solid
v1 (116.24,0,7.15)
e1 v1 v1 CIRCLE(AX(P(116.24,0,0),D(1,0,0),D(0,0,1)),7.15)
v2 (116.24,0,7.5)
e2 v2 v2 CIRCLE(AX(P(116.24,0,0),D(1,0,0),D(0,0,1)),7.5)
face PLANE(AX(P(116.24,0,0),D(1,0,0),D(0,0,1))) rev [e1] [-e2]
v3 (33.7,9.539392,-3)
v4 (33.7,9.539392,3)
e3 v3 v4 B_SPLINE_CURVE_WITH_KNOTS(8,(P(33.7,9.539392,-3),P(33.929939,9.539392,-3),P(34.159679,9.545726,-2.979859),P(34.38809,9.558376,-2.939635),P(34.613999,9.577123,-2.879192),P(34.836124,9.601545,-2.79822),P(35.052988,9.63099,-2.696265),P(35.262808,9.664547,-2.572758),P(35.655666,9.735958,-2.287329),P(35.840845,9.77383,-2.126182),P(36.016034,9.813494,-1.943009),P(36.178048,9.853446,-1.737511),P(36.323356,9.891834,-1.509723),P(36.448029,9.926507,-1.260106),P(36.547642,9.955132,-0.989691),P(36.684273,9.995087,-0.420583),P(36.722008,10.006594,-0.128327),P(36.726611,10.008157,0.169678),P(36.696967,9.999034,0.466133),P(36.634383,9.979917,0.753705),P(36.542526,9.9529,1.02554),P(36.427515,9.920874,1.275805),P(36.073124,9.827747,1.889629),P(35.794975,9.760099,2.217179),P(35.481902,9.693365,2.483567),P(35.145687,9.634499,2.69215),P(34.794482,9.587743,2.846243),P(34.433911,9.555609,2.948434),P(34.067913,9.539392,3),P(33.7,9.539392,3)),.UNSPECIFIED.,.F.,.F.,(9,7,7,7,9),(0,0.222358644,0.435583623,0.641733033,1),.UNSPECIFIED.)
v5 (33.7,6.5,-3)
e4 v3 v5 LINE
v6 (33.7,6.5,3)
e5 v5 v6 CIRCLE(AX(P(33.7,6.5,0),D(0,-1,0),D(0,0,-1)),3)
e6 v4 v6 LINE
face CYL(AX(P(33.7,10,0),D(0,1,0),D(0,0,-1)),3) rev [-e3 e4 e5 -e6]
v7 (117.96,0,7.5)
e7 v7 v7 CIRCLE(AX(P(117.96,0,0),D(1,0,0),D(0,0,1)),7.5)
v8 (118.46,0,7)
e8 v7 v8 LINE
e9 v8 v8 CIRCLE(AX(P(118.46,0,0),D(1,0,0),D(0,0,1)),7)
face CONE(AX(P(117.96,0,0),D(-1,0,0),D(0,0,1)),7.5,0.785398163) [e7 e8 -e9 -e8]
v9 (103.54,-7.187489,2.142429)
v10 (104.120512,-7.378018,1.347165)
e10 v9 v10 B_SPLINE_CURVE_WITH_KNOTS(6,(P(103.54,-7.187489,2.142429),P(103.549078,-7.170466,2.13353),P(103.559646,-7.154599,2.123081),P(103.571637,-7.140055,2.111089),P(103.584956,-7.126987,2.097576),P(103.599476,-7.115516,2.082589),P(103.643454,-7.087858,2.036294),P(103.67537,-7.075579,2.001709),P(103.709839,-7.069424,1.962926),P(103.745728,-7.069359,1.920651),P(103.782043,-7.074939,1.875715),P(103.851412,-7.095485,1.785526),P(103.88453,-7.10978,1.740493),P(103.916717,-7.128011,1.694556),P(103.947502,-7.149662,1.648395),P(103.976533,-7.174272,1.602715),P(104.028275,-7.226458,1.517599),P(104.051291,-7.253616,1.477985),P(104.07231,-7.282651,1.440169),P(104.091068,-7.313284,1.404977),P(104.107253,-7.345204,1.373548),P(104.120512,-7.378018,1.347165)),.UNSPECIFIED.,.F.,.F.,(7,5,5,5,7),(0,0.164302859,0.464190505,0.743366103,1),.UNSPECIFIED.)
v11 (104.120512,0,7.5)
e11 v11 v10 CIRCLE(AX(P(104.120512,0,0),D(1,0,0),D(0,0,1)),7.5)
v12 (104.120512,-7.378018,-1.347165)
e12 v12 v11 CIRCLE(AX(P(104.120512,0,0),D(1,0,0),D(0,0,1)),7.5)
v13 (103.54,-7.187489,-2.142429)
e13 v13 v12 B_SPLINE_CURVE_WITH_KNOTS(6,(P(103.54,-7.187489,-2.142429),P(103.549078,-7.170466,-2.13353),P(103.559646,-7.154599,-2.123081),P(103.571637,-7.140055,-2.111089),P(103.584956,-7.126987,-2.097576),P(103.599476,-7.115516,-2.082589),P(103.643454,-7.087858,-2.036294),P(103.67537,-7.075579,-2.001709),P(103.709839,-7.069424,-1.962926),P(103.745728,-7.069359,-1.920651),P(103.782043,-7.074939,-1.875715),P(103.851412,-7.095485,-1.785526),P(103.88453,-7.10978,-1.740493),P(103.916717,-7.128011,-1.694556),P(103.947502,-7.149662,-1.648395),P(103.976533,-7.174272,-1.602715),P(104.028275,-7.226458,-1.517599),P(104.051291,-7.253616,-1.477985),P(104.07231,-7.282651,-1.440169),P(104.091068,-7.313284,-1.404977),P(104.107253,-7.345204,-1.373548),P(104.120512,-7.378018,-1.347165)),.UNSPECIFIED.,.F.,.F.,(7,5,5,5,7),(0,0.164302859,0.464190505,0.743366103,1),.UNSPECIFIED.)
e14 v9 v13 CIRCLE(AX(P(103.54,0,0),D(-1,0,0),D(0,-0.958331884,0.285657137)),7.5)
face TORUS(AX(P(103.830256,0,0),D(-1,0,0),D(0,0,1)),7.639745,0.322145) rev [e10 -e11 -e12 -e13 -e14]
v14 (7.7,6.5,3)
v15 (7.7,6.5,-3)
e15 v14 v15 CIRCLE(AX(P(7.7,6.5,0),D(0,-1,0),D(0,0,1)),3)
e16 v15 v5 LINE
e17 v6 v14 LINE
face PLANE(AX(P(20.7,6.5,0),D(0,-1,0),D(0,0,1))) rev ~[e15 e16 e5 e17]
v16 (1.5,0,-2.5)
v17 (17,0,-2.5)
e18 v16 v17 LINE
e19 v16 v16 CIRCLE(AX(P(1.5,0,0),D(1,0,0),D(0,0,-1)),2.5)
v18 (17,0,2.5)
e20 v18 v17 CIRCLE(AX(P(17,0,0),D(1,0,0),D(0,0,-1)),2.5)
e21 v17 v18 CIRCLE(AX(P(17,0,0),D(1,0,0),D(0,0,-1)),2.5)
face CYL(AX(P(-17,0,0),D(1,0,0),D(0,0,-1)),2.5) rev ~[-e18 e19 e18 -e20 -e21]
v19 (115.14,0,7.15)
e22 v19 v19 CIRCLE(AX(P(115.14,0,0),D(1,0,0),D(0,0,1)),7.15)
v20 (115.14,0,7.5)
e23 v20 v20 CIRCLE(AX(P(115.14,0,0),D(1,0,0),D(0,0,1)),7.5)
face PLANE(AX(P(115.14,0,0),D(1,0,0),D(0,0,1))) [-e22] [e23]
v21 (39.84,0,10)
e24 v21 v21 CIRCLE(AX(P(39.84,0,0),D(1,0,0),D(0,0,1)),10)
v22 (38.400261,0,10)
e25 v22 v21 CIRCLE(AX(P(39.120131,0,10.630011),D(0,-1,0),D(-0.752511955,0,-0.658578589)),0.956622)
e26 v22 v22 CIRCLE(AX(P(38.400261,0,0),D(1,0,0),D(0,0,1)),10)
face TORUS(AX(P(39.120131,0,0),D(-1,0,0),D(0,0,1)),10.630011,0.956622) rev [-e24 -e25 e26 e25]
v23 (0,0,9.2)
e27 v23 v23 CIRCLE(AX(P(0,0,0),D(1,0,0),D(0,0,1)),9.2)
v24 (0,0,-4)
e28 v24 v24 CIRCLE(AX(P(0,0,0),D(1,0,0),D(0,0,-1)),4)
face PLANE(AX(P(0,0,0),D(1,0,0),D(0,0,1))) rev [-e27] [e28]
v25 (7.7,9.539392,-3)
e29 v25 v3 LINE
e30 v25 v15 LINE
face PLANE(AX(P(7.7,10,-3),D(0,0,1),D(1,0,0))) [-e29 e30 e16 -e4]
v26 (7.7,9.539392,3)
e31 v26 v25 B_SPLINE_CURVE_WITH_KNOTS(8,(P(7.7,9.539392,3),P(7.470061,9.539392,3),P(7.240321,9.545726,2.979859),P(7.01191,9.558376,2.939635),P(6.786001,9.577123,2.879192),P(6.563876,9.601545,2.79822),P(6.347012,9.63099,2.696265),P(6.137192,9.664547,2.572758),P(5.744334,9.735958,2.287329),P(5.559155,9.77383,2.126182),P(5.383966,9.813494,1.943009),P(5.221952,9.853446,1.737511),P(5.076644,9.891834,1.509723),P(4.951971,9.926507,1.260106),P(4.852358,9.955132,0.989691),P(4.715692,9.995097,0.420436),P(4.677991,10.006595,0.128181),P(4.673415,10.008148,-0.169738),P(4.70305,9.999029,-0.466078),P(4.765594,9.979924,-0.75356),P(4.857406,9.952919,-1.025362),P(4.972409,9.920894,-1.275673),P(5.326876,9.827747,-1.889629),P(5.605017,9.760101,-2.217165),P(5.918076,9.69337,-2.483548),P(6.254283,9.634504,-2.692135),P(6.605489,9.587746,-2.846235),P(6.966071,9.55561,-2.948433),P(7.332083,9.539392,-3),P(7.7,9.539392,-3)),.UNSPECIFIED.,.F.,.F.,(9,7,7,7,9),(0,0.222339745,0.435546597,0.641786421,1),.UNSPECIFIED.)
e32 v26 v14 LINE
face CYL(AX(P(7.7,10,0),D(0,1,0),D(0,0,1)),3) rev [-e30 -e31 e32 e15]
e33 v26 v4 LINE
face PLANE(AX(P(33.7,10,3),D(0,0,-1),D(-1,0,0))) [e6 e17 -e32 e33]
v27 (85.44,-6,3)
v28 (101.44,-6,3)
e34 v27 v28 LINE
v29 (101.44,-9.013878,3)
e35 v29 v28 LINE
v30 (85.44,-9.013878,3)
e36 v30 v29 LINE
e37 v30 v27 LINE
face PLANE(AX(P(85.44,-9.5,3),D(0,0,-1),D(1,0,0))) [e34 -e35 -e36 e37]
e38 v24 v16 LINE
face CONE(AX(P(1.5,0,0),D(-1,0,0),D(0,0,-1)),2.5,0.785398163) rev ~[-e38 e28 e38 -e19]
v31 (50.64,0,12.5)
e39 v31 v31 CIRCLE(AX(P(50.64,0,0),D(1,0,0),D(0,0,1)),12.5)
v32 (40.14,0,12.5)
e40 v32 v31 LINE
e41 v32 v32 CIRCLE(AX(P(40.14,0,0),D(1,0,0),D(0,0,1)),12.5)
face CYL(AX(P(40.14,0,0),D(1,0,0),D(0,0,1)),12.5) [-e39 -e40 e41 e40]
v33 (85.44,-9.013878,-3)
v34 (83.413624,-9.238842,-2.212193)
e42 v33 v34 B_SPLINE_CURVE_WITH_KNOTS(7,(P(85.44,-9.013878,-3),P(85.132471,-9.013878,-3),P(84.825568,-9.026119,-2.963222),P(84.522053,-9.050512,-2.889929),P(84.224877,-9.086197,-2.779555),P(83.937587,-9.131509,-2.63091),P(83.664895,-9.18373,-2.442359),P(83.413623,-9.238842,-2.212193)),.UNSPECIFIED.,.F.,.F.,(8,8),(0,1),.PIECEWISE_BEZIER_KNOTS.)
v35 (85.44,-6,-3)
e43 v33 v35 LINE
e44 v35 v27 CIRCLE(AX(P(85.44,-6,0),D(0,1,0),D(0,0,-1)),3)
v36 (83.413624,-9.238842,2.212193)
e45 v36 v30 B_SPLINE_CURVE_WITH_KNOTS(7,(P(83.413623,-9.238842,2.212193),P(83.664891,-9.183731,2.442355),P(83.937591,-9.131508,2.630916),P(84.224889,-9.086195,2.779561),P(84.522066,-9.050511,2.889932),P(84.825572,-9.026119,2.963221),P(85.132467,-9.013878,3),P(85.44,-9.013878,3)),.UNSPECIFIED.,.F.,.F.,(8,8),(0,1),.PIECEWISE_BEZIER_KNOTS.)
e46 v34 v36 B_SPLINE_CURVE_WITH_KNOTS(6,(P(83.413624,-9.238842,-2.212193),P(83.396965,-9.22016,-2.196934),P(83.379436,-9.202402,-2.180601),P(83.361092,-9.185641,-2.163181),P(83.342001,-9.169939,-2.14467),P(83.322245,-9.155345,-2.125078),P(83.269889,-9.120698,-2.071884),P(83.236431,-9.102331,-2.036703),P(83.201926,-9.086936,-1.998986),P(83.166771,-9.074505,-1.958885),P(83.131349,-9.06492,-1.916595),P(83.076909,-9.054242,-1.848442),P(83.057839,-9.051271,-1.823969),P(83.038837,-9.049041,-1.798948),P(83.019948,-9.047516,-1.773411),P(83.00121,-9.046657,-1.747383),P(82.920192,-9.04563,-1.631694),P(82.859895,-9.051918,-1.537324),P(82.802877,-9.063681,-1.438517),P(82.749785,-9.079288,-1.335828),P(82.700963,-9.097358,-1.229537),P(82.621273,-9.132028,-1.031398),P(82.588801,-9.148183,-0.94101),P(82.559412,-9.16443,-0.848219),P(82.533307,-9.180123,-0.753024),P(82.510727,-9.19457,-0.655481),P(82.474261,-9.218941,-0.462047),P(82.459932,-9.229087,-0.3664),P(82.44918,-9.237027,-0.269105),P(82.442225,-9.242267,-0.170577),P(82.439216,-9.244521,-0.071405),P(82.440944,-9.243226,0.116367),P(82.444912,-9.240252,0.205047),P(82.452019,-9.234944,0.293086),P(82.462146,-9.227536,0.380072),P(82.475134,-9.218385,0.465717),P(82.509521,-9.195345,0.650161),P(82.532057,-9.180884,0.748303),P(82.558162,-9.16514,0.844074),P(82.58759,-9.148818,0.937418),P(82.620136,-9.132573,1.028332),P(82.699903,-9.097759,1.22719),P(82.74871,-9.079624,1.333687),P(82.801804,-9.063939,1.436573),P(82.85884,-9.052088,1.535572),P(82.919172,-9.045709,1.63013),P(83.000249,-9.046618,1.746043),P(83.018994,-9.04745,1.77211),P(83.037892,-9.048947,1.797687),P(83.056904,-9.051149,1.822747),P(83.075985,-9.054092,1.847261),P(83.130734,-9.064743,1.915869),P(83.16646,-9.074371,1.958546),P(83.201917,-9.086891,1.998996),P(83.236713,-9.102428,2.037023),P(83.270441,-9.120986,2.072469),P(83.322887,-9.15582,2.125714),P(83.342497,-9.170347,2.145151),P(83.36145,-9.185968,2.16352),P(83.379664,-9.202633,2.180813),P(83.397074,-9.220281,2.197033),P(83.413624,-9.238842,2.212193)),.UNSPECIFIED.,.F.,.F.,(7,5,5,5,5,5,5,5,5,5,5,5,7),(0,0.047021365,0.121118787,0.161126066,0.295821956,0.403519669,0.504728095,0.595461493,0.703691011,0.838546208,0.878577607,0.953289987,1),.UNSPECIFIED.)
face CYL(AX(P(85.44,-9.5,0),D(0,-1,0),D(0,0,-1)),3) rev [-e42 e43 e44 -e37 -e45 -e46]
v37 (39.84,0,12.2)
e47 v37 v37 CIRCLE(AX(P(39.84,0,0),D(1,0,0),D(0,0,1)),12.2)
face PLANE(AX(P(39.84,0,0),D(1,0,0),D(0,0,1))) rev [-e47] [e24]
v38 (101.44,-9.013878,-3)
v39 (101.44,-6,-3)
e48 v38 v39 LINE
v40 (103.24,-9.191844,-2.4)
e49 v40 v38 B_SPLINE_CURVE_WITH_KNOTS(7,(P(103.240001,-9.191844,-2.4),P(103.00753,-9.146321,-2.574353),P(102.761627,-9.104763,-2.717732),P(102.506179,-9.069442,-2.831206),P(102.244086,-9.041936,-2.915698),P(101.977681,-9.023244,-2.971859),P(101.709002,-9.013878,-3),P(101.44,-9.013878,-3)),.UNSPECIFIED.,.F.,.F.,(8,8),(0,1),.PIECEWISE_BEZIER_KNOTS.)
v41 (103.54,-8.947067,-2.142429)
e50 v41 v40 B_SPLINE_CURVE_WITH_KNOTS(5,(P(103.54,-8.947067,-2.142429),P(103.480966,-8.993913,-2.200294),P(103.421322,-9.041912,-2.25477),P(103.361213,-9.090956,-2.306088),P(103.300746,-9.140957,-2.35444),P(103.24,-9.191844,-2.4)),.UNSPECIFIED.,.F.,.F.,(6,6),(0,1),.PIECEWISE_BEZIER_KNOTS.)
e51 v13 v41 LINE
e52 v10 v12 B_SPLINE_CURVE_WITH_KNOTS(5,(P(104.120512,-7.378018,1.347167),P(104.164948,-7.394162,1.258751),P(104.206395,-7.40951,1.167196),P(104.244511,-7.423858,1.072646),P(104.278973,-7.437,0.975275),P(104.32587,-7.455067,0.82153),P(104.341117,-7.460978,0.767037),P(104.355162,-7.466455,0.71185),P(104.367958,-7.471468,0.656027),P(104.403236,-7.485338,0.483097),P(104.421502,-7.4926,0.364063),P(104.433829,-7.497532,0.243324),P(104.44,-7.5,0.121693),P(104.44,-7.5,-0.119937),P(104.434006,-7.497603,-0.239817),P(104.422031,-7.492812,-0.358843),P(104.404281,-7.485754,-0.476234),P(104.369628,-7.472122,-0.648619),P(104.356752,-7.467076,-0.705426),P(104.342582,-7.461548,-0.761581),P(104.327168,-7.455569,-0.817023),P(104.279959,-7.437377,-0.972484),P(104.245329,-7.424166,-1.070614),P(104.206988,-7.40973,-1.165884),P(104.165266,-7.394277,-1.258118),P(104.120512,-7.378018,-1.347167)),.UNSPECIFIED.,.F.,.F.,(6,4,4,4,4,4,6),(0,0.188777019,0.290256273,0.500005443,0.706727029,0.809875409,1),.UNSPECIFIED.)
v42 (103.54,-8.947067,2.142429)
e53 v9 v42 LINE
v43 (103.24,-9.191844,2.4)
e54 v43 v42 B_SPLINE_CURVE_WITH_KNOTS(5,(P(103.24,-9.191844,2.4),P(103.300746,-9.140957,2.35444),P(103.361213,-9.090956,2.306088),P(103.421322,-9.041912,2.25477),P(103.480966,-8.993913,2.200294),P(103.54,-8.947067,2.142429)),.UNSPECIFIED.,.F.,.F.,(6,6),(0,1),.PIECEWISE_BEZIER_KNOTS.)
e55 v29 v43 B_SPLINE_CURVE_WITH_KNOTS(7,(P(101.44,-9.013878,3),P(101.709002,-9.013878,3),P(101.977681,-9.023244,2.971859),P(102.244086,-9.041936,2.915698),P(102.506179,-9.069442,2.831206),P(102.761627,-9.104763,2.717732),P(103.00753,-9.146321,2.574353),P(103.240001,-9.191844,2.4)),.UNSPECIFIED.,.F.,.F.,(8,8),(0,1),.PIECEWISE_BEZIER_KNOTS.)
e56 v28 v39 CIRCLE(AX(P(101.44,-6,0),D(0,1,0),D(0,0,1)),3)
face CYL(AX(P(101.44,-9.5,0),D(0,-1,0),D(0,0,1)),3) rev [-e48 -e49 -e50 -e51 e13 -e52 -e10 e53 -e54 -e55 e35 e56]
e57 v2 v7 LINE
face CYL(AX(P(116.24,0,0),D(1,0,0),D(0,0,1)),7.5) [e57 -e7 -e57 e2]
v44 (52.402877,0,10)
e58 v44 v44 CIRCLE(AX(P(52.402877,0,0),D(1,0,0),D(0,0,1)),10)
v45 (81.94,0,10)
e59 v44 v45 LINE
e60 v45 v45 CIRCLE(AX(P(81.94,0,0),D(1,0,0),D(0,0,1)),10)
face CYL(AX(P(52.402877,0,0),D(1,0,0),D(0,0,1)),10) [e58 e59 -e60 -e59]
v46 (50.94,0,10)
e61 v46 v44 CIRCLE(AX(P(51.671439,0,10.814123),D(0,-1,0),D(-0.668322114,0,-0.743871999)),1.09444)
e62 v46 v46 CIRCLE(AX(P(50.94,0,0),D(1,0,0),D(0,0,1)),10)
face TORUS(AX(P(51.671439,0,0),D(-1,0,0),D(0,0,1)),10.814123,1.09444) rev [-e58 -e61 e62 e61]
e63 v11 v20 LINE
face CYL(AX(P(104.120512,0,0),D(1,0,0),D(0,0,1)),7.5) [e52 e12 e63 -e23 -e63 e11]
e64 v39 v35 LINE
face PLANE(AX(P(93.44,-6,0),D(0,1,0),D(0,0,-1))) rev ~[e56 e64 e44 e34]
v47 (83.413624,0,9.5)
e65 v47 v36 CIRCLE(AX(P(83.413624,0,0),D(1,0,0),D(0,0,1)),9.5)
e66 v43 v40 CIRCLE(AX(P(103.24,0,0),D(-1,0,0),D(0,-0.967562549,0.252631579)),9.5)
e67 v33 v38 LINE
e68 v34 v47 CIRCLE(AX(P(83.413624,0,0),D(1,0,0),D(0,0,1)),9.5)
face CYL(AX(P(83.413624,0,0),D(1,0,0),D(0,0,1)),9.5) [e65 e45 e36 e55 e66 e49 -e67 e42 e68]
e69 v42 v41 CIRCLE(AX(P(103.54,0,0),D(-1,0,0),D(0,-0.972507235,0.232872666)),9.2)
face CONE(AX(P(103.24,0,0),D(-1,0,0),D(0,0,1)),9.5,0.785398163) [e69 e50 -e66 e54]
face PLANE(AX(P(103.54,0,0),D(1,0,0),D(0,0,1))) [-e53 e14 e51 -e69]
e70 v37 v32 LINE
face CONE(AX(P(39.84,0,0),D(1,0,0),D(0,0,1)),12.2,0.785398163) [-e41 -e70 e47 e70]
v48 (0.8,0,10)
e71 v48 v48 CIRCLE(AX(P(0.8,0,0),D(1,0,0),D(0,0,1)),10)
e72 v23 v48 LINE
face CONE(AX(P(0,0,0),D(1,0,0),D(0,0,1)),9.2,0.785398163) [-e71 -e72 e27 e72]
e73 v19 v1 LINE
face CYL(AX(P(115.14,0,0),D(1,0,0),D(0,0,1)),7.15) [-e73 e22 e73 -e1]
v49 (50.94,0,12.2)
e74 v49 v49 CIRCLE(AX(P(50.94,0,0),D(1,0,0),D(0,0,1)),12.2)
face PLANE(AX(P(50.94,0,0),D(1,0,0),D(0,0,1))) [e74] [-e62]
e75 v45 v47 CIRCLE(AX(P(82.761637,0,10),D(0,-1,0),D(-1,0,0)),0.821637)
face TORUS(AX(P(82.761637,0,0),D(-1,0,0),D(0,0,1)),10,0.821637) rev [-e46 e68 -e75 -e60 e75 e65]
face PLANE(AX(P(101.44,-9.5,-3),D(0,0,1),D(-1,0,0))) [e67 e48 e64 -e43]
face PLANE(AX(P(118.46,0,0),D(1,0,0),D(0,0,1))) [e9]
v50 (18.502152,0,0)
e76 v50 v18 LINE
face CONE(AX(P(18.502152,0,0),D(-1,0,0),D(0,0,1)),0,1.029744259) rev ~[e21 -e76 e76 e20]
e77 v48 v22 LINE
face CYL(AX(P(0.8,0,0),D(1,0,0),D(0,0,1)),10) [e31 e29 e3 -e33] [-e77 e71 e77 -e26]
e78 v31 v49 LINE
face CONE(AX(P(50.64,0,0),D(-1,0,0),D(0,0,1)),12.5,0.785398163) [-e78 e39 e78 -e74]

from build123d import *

# Parameters (mm, degrees)
TROU_TARAUD_M61_D       = 5
TROU_TARAUD_M61_DEPTH   = 17
TROU_TARAUD_M61_TIP     = 1.502151548
CHANFREIN1_SIZE         = 1.5
ENL_V_MAT_EXTRU_1_DEPTH = 3.5
ENL_V_MAT_EXTRU_2_DEPTH = 3.5


with BuildPart() as part:
    # Esquisse1 → Révolution1 (revolve)
    with BuildSketch(Plane.XY, mode=Mode.PRIVATE) as r_volution1_sk:
        with BuildLine():
            Line((0, 0), (0, 9.2))
            Line((0, 9.2), (0.8, 10))
            Line((0.8, 10), (38.400261411, 10))
            ThreePointArc((38.400261411, 10), (39.120130705, 9.673388856), (39.84, 10))
            Line((39.84, 10), (39.84, 12.2))
            Line((39.84, 12.2), (40.14, 12.5))
            Line((40.14, 12.5), (50.64, 12.5))
            Line((50.64, 12.5), (50.94, 12.2))
            Line((50.94, 12.2), (50.94, 10))
            ThreePointArc((50.94, 10), (51.671438531, 9.719683242), (52.402877061, 10))
            Line((52.402877061, 10), (81.94, 10))
            ThreePointArc((81.94, 10), (82.497638148, 9.22193079), (83.413623691, 9.5))
            Line((83.413623691, 9.5), (103.24, 9.5))
            Line((103.24, 9.5), (103.54, 9.2))
            Line((103.54, 9.2), (103.54, 7.5))
            ThreePointArc((103.54, 7.5), (103.830256088, 7.31760008), (104.120512177, 7.5))
            Line((104.120512177, 7.5), (115.14, 7.5))
            Line((115.14, 7.5), (115.14, 7.15))
            Line((115.14, 7.15), (116.24, 7.15))
            Line((116.24, 7.15), (116.24, 7.5))
            Line((116.24, 7.5), (117.96, 7.5))
            Line((117.96, 7.5), (118.46, 7))
            Line((118.46, 7), (118.46, 0))
            Line((118.46, 0), (0, 0))
        make_face()
    revolve(r_volution1_sk.sketch.rotate(Axis((-8.681920904, 0, 0), (1, 0, 0)), 90), axis=Axis((-8.681920904, 0, 0), (1, 0, 0)))

    # Trou taraudé M61
    with Locations(Plane.ZY):
        with Locations((0, 0)):
            Hole(TROU_TARAUD_M61_D / 2, depth=TROU_TARAUD_M61_DEPTH)
            with Locations((0, 0, -(TROU_TARAUD_M61_DEPTH + TROU_TARAUD_M61_TIP / 2))):  # 118° drill point
                Cone(0, TROU_TARAUD_M61_D / 2, TROU_TARAUD_M61_TIP, mode=Mode.SUBTRACT)

    # Chanfrein1
    chanfrein1_edges = [part.edges().sort_by_distance(p)[0] for p in [
        (0, 0, 2.5),
    ]]
    chamfer(chanfrein1_edges, length=CHANFREIN1_SIZE)

    # Esquisse8 → Enlèv. mat.-Extru.1 (cut)
    with BuildSketch(Plane(origin=(19.600130705, 10, 0), x_dir=(0, 0, -1), z_dir=(0, 1, 0))):
        with BuildLine():
            Line((3, 11.900130705), (3, -14.099869295))
            ThreePointArc((3, -14.099869295), (0, -17.099869295), (-3, -14.099869295))
            Line((-3, -14.099869295), (-3, 11.900130705))
            ThreePointArc((-3, 11.900130705), (0, 14.900130705), (3, 11.900130705))
        make_face()
    extrude(amount=-ENL_V_MAT_EXTRU_1_DEPTH, mode=Mode.SUBTRACT)

    # Esquisse9 → Enlèv. mat.-Extru.2 (cut)
    with BuildSketch(Plane(origin=(93.326811846, -9.5, 0), x_dir=(0, 0, 1), z_dir=(0, -1, 0))):
        with BuildLine():
            Line((3, 7.886811846), (3, -8.113188154))
            ThreePointArc((3, -8.113188154), (0, -11.113188154), (-3, -8.113188154))
            Line((-3, -8.113188154), (-3, 7.886811846))
            ThreePointArc((-3, 7.886811846), (0, 10.886811846), (3, 7.886811846))
        make_face()
    extrude(amount=-ENL_V_MAT_EXTRU_2_DEPTH, mode=Mode.SUBTRACT)


solid = part.part
